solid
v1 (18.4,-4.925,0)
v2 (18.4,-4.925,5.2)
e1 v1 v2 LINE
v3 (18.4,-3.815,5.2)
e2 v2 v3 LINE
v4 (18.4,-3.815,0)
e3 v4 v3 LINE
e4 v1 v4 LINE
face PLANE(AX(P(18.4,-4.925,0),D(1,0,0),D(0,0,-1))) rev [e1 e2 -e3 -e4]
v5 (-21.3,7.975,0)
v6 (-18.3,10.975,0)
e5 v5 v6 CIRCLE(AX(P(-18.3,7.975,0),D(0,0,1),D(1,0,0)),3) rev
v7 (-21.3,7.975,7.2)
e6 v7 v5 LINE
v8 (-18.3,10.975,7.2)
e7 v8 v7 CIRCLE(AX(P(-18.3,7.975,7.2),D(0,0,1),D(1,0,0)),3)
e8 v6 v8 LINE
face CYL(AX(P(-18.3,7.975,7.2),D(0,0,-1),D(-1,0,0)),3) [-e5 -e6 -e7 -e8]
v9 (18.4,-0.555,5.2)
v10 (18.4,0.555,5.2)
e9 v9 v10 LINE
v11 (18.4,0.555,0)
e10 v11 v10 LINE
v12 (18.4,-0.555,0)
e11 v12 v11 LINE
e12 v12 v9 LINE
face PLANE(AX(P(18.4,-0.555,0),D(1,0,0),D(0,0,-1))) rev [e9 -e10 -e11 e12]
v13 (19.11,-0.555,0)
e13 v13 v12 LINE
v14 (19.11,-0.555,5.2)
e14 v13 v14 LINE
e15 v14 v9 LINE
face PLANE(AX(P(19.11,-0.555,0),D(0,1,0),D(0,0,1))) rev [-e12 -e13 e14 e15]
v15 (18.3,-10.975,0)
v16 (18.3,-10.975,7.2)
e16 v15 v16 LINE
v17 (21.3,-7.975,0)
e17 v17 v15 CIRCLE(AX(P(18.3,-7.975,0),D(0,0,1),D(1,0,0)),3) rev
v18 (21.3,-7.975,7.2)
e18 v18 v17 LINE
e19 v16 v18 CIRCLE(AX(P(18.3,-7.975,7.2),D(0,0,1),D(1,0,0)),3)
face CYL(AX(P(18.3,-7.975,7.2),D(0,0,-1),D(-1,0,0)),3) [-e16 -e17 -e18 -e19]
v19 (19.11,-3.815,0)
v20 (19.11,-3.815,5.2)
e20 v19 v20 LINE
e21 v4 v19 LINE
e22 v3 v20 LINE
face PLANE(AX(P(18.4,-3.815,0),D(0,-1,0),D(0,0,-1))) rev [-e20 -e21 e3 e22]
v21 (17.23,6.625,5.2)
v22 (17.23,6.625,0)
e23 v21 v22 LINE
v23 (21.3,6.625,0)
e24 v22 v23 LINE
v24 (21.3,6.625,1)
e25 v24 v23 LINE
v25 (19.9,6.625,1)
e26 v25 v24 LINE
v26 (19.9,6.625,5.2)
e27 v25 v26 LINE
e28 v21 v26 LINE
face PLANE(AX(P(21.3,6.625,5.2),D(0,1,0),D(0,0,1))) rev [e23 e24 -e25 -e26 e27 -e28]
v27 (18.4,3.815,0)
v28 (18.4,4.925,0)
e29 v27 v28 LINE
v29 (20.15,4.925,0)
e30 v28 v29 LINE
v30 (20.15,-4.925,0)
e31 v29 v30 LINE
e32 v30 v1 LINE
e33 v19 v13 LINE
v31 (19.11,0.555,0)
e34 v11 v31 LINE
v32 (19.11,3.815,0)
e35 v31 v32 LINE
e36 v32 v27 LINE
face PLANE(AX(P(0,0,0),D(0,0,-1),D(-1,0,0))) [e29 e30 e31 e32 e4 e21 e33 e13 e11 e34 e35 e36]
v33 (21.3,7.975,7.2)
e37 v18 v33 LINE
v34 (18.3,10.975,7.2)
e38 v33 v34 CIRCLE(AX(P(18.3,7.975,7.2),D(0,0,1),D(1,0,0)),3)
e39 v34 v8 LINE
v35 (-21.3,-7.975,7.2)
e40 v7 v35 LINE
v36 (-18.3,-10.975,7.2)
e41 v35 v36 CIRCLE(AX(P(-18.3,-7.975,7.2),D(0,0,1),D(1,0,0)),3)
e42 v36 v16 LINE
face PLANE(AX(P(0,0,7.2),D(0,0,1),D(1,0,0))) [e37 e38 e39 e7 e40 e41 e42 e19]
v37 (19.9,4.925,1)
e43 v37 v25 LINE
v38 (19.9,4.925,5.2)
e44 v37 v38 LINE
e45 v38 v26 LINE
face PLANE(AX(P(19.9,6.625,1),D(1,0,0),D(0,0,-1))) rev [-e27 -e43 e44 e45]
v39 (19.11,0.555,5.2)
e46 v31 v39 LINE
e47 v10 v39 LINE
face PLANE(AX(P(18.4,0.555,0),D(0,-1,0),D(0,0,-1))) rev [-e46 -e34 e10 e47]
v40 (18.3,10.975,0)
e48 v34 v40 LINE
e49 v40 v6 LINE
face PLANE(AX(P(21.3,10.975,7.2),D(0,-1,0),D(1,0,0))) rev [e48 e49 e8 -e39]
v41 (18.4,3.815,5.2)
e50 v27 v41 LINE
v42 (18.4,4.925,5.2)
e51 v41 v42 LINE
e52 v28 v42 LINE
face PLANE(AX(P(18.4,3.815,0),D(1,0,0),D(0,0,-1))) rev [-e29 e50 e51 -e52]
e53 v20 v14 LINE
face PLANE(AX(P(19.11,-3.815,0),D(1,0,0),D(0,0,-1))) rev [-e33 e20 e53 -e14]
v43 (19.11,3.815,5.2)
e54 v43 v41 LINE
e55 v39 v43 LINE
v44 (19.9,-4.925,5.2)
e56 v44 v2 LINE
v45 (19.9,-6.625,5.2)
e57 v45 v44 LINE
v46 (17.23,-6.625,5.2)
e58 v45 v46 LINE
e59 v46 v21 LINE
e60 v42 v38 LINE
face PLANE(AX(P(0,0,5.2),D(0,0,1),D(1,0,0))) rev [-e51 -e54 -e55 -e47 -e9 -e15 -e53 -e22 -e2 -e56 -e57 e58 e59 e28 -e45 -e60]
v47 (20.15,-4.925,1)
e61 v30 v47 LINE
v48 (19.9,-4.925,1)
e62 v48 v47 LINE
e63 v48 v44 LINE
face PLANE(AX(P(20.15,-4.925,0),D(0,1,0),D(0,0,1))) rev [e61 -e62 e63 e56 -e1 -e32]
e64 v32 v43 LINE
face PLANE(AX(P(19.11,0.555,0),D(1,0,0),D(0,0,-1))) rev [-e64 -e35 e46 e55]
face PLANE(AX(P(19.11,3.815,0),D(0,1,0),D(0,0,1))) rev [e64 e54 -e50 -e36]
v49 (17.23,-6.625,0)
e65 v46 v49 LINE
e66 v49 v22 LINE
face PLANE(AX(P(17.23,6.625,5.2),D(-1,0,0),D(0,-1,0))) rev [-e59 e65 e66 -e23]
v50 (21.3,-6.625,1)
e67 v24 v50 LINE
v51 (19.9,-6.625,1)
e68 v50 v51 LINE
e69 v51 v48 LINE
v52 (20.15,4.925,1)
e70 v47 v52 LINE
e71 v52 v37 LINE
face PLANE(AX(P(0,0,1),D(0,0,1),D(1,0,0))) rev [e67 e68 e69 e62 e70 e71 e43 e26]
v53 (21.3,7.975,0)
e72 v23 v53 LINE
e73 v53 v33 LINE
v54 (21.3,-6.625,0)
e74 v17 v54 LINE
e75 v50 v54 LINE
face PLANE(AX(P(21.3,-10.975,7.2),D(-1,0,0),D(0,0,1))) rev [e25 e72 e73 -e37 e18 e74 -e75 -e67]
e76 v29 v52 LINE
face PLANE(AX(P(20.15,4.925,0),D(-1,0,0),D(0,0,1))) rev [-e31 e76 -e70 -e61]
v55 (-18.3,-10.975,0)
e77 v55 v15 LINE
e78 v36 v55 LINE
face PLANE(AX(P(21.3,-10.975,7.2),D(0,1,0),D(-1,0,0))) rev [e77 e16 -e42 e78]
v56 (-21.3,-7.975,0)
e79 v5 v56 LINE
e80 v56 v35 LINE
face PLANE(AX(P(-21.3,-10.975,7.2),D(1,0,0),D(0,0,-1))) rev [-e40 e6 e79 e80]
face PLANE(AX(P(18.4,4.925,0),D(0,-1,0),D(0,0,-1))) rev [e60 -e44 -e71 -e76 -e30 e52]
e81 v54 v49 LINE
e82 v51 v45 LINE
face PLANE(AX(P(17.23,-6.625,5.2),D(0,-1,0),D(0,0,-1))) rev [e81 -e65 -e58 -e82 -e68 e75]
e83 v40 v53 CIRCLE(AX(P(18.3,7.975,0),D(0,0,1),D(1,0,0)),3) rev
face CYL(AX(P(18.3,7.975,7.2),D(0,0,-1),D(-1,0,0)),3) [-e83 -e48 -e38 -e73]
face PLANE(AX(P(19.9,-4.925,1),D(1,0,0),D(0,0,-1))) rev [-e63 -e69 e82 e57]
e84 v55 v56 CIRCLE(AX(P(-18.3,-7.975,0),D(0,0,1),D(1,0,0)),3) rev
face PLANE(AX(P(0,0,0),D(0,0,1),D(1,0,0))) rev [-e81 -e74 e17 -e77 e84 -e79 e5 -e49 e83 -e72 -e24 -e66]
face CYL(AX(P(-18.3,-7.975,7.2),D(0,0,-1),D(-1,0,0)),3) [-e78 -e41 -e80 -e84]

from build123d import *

# Parameters (mm, degrees)
SKETCH2_W           = 42.6
SKETCH2_H           = 21.95
BOSS_EXTRUDE1_DEPTH = 7.2
FILLET1_R           = 3
SKETCH3_W           = 4.07
SKETCH3_H           = 13.25
CUT_EXTRUDE1_DEPTH  = 5.2
BOSS_EXTRUDE2_DEPTH = 5.2
BOSS_EXTRUDE3_DEPTH = 4.2


with BuildPart() as part:
    # Sketch2 → Boss-Extrude1 (new body)
    with BuildSketch(Plane.XY):
        Rectangle(SKETCH2_W, SKETCH2_H)
    extrude(amount=BOSS_EXTRUDE1_DEPTH)

    # Fillet1
    fillet1_edges = [part.edges().sort_by_distance(p)[0] for p in [
        (-21.3, 10.975, 3.6),
        (21.3, 10.975, 3.6),
        (21.3, -10.975, 3.6),
        (-21.3, -10.975, 3.6),
    ]]
    fillet(fillet1_edges, radius=FILLET1_R)

    # Sketch3 → Cut-Extrude1 (cut)
    with BuildSketch(Plane(origin=(0, 0, 0), x_dir=(-1, 0, 0), z_dir=(0, 0, -1))):
        with Locations((-19.265, 0)):
            Rectangle(SKETCH3_W, SKETCH3_H)
    extrude(amount=-CUT_EXTRUDE1_DEPTH, mode=Mode.SUBTRACT)

    # Sketch4 → Boss-Extrude2 (add)
    with BuildSketch(Plane(origin=(0, 0, 5.2), x_dir=(-1, 0, 0), z_dir=(0, 0, -1))):
        Polygon((-20.15, 4.925), (-20.15, -4.925), (-18.4, -4.925), (-18.4, -3.815), (-19.11, -3.815), (-19.11, -0.555), (-18.4, -0.555), (-18.4, 0.555), (-19.11, 0.555), (-19.11, 3.815), (-18.4, 3.815), (-18.4, 4.925), align=None)
    extrude(amount=BOSS_EXTRUDE2_DEPTH)

    # Sketch5 → Boss-Extrude3 (add)
    with BuildSketch(Plane(origin=(0, 0, 5.2), x_dir=(-1, 0, 0), z_dir=(0, 0, -1))):
        Polygon((-21.3, 6.625), (-21.3, -6.625), (-19.9, -6.625), (-19.9, -4.925), (-20.15, -4.925), (-20.15, 4.925), (-19.9, 4.925), (-19.9, 6.625), align=None)
    extrude(amount=BOSS_EXTRUDE3_DEPTH)


solid = part.part
